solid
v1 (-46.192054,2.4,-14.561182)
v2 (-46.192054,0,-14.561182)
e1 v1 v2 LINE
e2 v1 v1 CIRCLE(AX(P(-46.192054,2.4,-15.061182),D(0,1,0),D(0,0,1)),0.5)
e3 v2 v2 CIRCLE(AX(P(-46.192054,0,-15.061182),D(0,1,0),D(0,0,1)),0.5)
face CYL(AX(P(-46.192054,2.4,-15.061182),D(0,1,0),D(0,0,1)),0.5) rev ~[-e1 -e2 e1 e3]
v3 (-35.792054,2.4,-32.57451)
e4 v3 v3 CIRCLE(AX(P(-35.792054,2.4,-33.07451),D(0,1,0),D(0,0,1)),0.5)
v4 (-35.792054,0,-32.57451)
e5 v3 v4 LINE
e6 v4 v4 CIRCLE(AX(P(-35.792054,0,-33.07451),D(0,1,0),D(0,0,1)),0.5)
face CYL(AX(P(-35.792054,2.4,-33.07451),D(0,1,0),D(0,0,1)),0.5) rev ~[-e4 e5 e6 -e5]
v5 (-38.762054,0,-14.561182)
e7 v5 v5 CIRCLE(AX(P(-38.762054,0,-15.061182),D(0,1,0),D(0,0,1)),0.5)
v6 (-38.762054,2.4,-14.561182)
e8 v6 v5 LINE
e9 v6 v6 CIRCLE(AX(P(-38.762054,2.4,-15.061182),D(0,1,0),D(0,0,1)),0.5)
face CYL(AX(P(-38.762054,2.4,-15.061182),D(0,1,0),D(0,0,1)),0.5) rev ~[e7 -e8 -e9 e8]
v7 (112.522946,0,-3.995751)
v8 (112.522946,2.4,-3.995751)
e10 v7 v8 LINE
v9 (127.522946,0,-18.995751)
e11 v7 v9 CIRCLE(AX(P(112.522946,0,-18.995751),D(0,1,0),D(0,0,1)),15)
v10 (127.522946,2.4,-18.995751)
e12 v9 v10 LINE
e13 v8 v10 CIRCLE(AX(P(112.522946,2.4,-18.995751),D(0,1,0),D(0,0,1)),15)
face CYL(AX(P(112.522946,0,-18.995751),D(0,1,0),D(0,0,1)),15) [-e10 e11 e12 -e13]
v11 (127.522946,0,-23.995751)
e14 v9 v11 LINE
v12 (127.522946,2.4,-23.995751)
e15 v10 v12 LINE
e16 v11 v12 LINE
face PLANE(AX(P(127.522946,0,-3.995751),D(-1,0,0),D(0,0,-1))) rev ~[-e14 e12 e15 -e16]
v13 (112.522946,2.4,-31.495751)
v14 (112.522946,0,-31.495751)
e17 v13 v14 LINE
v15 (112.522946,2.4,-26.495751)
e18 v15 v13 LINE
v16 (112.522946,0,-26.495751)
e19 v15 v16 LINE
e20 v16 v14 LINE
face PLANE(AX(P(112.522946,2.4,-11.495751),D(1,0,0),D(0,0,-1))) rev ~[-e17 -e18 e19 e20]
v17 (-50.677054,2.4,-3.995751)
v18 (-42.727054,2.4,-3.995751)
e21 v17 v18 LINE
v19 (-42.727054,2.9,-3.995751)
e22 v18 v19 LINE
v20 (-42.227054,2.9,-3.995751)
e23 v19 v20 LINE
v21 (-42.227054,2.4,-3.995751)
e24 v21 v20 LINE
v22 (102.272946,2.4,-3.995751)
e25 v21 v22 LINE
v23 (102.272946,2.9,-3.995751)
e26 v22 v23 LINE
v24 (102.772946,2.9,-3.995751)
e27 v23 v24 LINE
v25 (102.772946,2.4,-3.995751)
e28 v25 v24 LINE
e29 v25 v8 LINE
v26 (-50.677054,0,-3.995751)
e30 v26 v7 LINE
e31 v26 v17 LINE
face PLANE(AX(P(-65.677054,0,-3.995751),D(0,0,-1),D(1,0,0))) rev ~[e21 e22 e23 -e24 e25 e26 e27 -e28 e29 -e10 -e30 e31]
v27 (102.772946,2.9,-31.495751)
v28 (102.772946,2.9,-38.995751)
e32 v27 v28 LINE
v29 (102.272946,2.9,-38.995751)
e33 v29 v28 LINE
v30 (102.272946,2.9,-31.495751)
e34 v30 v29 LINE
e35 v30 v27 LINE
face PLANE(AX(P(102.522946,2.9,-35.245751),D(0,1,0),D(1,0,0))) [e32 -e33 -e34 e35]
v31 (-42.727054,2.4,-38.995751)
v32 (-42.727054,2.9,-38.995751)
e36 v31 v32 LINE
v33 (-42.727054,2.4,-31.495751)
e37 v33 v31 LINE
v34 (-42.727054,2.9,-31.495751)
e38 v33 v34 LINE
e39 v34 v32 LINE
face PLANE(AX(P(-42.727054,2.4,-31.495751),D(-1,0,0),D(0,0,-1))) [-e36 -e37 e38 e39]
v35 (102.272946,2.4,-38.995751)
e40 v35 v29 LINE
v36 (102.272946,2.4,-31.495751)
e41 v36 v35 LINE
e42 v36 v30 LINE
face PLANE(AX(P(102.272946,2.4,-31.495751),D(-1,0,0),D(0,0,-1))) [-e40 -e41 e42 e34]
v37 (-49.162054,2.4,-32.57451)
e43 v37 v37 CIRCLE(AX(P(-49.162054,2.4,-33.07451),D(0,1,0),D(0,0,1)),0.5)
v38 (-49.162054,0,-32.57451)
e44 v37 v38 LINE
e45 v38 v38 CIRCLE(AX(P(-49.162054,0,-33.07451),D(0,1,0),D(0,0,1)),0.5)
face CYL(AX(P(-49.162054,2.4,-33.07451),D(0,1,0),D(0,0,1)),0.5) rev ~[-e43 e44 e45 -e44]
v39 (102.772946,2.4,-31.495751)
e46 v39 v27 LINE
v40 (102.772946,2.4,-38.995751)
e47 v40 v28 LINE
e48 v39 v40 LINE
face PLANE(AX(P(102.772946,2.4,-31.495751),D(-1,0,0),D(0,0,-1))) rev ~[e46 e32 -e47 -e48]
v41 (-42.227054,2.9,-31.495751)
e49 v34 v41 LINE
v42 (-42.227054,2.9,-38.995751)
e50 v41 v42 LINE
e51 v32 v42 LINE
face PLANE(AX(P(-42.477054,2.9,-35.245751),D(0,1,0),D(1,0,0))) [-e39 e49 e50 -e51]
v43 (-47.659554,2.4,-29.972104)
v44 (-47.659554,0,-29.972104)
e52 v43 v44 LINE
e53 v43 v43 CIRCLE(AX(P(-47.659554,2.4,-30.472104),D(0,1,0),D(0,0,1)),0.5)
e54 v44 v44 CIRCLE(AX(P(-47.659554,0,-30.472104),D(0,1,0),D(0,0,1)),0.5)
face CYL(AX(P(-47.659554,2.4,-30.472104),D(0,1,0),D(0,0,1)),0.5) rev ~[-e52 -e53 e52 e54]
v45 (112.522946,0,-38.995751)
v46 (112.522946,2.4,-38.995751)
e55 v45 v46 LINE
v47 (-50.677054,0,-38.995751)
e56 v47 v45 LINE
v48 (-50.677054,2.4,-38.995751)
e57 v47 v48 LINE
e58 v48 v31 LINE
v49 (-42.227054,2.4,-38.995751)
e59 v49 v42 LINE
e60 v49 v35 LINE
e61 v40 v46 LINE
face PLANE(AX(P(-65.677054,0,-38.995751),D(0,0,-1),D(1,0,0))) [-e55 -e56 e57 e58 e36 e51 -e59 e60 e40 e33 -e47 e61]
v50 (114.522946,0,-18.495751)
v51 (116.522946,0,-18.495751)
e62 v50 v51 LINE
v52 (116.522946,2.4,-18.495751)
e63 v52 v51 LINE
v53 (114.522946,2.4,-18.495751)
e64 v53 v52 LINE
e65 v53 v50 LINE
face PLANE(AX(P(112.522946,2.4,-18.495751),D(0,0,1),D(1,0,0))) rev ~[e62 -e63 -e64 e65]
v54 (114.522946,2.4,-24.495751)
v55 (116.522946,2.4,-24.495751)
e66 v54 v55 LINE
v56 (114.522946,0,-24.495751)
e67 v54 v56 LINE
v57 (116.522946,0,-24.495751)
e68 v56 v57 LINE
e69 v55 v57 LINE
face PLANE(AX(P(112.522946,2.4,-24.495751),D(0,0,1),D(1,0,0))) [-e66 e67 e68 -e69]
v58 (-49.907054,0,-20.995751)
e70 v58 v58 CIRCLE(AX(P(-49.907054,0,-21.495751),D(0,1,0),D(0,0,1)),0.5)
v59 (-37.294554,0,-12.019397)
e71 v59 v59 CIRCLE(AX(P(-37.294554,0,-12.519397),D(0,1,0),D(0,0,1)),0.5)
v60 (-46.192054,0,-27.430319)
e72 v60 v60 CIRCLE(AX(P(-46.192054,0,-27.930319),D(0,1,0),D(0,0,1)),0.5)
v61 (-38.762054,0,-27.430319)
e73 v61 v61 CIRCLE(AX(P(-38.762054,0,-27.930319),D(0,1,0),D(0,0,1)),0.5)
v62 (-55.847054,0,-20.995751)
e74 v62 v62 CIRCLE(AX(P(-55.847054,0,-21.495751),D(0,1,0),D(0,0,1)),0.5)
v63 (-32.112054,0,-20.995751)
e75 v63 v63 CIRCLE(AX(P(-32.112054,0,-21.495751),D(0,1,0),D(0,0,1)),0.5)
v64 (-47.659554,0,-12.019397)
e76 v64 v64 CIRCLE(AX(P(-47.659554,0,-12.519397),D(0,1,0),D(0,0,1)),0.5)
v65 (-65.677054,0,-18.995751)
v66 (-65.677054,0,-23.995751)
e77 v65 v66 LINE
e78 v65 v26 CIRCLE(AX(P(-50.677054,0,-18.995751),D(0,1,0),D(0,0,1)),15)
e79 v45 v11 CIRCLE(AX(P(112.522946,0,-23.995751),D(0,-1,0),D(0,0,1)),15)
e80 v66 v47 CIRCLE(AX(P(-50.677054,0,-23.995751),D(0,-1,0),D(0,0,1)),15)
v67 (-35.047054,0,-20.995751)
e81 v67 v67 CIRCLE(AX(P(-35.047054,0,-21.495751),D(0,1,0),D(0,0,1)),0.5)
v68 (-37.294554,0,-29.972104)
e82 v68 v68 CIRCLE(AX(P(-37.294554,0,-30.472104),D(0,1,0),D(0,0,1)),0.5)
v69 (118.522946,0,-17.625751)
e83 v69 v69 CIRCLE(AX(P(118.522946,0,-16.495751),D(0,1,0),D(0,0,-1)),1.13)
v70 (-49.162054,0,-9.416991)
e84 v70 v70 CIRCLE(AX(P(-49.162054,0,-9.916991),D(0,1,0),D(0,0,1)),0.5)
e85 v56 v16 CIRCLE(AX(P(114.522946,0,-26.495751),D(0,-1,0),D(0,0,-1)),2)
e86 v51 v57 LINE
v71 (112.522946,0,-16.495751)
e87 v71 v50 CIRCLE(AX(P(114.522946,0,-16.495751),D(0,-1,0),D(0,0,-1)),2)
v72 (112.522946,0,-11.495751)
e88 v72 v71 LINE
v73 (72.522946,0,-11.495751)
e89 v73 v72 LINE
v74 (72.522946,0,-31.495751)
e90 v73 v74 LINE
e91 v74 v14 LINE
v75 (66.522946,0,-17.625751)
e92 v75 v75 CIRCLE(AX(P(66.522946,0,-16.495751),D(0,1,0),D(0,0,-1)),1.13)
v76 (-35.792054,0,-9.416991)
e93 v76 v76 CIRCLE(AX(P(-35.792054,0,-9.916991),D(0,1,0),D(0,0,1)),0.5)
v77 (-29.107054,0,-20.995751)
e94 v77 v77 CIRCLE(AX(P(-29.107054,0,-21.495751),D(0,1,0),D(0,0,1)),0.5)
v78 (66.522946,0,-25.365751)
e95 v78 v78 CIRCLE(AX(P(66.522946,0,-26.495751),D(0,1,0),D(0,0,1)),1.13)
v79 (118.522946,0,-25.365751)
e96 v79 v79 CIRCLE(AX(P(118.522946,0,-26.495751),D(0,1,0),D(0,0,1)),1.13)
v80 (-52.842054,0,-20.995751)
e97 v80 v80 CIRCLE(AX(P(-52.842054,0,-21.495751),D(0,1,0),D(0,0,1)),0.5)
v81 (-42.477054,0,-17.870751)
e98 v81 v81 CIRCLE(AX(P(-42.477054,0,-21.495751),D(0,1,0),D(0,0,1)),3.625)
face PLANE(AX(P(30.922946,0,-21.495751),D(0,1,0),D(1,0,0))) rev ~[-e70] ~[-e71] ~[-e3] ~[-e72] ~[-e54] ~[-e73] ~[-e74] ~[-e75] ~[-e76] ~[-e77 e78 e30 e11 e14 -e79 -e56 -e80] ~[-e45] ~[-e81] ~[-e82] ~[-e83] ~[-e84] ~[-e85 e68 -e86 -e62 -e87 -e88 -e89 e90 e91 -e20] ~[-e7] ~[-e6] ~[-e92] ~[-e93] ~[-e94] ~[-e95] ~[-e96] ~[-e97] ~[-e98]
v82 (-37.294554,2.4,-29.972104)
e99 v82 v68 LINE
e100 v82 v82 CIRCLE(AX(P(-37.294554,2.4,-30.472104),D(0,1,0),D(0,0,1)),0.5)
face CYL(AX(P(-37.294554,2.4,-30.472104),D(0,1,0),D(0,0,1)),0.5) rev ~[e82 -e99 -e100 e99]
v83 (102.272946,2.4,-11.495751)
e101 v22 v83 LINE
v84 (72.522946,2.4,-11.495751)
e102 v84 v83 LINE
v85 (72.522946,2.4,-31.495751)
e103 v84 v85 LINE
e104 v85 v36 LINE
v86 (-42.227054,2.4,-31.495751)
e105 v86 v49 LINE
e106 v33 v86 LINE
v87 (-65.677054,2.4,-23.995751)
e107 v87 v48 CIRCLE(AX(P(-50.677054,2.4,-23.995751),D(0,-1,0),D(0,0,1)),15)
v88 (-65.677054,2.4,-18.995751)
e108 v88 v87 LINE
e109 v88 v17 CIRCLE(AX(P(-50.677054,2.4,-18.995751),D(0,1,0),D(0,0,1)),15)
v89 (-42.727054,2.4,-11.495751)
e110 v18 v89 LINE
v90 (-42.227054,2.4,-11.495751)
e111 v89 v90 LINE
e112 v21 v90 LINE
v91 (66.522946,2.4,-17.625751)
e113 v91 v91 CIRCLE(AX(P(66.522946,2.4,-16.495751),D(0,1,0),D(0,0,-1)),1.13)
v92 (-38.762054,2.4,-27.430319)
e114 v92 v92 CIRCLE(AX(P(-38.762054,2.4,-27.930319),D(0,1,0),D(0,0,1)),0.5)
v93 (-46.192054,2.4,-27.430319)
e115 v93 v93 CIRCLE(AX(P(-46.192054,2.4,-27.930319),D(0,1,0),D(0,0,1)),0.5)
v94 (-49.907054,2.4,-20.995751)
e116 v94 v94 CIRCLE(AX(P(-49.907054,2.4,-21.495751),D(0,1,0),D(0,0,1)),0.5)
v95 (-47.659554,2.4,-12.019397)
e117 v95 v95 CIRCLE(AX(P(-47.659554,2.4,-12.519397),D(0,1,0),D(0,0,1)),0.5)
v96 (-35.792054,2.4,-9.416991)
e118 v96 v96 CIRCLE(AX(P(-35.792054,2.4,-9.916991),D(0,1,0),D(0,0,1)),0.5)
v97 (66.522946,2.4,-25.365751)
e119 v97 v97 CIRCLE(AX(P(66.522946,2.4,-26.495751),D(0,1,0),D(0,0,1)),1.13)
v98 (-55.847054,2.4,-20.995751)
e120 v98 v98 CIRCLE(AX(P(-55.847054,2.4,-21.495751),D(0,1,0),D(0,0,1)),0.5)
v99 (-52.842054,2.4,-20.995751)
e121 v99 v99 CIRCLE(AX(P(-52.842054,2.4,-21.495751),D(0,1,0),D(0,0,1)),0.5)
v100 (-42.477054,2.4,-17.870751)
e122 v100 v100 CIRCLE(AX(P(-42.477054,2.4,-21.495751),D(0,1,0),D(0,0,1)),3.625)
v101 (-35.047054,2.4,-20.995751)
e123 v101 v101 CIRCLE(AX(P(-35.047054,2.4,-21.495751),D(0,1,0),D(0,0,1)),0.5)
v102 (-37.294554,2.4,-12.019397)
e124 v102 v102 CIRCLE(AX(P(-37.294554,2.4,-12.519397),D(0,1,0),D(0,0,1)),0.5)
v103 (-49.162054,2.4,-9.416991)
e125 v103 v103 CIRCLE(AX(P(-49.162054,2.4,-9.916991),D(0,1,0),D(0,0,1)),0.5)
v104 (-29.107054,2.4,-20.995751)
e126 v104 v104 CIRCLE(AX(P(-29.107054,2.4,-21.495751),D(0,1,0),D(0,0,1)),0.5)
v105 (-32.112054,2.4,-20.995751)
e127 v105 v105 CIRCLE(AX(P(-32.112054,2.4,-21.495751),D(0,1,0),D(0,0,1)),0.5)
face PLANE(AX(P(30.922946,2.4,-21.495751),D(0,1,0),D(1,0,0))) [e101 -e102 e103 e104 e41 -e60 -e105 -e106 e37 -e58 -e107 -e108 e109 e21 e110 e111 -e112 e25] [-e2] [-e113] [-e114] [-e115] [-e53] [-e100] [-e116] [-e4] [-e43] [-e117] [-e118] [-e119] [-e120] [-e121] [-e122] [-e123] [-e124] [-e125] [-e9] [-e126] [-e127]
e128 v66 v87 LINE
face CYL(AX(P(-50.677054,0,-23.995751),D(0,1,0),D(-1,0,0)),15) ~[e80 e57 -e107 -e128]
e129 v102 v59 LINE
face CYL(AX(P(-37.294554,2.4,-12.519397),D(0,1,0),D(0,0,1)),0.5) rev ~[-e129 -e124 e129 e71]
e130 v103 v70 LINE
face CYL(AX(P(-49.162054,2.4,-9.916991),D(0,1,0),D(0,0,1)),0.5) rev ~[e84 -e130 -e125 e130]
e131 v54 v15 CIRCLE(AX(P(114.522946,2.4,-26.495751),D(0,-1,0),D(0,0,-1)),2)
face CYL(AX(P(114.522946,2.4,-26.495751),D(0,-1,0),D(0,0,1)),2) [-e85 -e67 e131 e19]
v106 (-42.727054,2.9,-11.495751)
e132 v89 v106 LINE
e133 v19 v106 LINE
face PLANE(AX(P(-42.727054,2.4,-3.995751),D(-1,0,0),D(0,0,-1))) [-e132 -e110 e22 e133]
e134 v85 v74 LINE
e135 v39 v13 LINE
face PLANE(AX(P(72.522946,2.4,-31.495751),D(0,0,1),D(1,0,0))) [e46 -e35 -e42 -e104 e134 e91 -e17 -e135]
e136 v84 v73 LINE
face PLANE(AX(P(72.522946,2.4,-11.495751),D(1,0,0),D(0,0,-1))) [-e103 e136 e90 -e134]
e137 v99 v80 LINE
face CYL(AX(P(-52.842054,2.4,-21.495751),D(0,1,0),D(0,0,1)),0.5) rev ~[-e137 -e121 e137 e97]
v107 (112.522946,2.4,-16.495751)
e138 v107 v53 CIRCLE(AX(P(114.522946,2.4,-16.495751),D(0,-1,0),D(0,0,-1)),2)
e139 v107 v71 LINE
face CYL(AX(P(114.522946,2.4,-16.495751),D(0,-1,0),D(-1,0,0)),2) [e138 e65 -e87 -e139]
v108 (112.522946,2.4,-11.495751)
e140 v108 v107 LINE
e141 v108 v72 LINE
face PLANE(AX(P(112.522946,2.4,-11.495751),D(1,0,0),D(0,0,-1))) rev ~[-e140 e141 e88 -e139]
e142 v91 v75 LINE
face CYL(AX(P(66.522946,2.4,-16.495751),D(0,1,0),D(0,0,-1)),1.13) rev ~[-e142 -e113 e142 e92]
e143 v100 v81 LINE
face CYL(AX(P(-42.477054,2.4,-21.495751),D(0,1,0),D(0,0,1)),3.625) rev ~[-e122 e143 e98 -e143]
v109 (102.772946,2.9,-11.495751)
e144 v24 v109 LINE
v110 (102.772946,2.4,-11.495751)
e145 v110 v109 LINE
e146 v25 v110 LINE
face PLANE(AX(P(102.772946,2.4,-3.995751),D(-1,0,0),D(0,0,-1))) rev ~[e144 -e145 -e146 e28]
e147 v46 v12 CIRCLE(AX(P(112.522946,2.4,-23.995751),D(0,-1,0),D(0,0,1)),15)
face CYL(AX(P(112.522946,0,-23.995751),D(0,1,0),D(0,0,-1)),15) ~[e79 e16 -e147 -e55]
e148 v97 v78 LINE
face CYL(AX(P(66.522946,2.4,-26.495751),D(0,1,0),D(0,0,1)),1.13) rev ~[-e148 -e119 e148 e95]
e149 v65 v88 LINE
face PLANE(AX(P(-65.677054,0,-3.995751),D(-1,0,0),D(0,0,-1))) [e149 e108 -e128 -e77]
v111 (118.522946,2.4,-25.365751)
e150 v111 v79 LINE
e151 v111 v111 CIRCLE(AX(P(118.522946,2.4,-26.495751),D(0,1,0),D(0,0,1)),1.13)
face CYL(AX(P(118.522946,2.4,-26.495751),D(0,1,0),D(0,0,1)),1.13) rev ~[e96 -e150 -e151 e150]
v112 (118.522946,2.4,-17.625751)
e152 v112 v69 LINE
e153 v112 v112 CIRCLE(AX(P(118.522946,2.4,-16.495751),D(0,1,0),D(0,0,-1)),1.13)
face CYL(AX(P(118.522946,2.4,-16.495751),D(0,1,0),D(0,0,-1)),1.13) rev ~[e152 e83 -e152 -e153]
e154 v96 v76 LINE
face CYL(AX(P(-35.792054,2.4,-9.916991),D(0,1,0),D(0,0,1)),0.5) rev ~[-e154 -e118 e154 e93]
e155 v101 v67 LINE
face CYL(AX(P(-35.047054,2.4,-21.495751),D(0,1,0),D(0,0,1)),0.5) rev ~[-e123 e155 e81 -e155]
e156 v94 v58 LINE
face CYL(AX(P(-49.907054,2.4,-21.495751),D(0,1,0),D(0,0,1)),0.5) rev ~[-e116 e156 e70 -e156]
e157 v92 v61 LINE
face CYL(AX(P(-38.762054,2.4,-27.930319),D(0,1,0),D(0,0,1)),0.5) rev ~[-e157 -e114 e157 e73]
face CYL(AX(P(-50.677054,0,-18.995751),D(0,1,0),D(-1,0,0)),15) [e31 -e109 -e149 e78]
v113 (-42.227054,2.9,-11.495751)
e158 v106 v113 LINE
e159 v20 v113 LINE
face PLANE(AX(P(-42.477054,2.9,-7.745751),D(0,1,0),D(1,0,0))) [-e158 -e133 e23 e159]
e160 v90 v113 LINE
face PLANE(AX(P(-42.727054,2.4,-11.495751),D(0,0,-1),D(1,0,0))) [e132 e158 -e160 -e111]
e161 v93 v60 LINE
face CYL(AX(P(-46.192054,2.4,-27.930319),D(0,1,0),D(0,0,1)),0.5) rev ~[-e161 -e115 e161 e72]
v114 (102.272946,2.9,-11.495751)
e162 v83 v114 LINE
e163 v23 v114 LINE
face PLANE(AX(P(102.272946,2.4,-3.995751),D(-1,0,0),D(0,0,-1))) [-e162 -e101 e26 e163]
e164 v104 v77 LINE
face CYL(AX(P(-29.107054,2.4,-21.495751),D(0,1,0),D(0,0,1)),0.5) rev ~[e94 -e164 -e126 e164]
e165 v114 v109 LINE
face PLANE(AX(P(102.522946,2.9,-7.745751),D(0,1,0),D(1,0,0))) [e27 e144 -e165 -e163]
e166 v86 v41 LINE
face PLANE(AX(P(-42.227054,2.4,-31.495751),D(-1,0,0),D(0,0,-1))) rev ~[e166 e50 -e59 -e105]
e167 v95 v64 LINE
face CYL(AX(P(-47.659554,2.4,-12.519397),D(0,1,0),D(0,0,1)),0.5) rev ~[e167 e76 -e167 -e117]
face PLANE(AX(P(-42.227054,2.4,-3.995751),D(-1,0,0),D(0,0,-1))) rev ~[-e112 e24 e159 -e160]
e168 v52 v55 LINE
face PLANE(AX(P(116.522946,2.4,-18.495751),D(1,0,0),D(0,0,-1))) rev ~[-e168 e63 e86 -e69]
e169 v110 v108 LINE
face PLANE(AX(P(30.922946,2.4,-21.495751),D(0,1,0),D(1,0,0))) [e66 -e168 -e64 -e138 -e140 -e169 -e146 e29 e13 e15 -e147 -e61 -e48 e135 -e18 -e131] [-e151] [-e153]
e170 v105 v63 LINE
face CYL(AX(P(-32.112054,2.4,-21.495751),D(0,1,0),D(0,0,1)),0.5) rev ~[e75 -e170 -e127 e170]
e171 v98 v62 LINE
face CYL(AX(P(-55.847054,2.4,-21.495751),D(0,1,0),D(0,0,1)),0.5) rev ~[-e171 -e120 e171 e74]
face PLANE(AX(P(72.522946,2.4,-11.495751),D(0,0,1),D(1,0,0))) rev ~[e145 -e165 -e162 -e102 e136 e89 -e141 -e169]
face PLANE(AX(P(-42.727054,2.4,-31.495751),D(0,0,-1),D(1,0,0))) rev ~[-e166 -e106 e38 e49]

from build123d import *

# Parameters (mm, degrees)
SKETCH1_W           = 193.2
SKETCH1_H           = 35
BOSS_EXTRUDE1_DEPTH = 2.4
SKETCH2_R           = 1.13
SKETCH2_R_2         = 3.625
SKETCH2_R_3         = 0.5
SKETCH2_W           = 40
SKETCH2_H           = 20
CUT_EXTRUDE1_DEPTH  = 2.4
SKETCH4_W           = 4
SKETCH4_H           = 6
CUT_EXTRUDE2_DEPTH  = 2.4
FILLET1_R           = 15
FILLET2_R           = 2
SKETCH5_W           = 0.5
SKETCH5_H           = 7.5
BOSS_EXTRUDE2_DEPTH = 0.5


with BuildPart() as part:
    # Sketch1 → Boss-Extrude1 (new body)
    with BuildSketch(Plane(origin=(0, 0, 0), x_dir=(1, 0, 0), z_dir=(0, 1, 0))):
        with Locations((30.922946176, 21.495750708)):
            Rectangle(SKETCH1_W, SKETCH1_H)
    extrude(amount=BOSS_EXTRUDE1_DEPTH)

    # Sketch2 → Cut-Extrude1 (cut)
    with BuildSketch(Plane(origin=(0, 2.4, 0), x_dir=(1, 0, 0), z_dir=(0, 1, 0))):
        with Locations(Location((66.522946176, 26.495750708, 0), (0, 0, 270))):
            Circle(SKETCH2_R)
        with Locations(Location((118.522946176, 26.495750708, 0), (0, 0, 270))):
            Circle(SKETCH2_R)
        with Locations(Location((118.522946176, 16.495750708, 0), (0, 0, 90))):
            Circle(SKETCH2_R)
        with Locations(Location((66.522946176, 16.495750708, 0), (0, 0, 90))):
            Circle(SKETCH2_R)
        with Locations(Location((-42.477053824, 21.495750708, 0), (0, 0, 270))):
            Circle(SKETCH2_R_2)
        with Locations(Location((-49.907053824, 21.495750708, 0), (0, 0, 270))):
            Circle(SKETCH2_R_3)
        with Locations(Location((-52.842053824, 21.495750708, 0), (0, 0, 270))):
            Circle(SKETCH2_R_3)
        with Locations(Location((-55.847053824, 21.495750708, 0), (0, 0, 270))):
            Circle(SKETCH2_R_3)
        with Locations(Location((-49.162053824, 33.074510357, 0), (0, 0, 270))):
            Circle(SKETCH2_R_3)
        with Locations(Location((-47.659553824, 30.472104018, 0), (0, 0, 270))):
            Circle(SKETCH2_R_3)
        with Locations(Location((-46.192053824, 27.930319458, 0), (0, 0, 270))):
            Circle(SKETCH2_R_3)
        with Locations(Location((-35.792053824, 33.074510357, 0), (0, 0, 270))):
            Circle(SKETCH2_R_3)
        with Locations(Location((-37.294553824, 30.472104018, 0), (0, 0, 270))):
            Circle(SKETCH2_R_3)
        with Locations(Location((-38.762053824, 27.930319458, 0), (0, 0, 270))):
            Circle(SKETCH2_R_3)
        with Locations(Location((-29.107053824, 21.495750708, 0), (0, 0, 270))):
            Circle(SKETCH2_R_3)
        with Locations(Location((-32.112053824, 21.495750708, 0), (0, 0, 270))):
            Circle(SKETCH2_R_3)
        with Locations(Location((-35.047053824, 21.495750708, 0), (0, 0, 270))):
            Circle(SKETCH2_R_3)
        with Locations(Location((-35.792053824, 9.91699106, 0), (0, 0, 270))):
            Circle(SKETCH2_R_3)
        with Locations(Location((-37.294553824, 12.519397398, 0), (0, 0, 270))):
            Circle(SKETCH2_R_3)
        with Locations(Location((-38.762053824, 15.061181958, 0), (0, 0, 270))):
            Circle(SKETCH2_R_3)
        with Locations(Location((-49.162053824, 9.91699106, 0), (0, 0, 270))):
            Circle(SKETCH2_R_3)
        with Locations(Location((-47.659553824, 12.519397398, 0), (0, 0, 270))):
            Circle(SKETCH2_R_3)
        with Locations(Location((-46.192053824, 15.061181958, 0), (0, 0, 270))):
            Circle(SKETCH2_R_3)
        with Locations((92.522946176, 21.495750708)):
            Rectangle(SKETCH2_W, SKETCH2_H)
    extrude(amount=-CUT_EXTRUDE1_DEPTH, mode=Mode.SUBTRACT)

    # Sketch4 → Cut-Extrude2 (cut)
    with BuildSketch(Plane(origin=(0, 2.4, 0), x_dir=(1, 0, 0), z_dir=(0, 1, 0))):
        with Locations((114.522946176, 21.495750708)):
            Rectangle(SKETCH4_W, SKETCH4_H)
    extrude(amount=-CUT_EXTRUDE2_DEPTH, mode=Mode.SUBTRACT)

    # Fillet1
    fillet1_edges = [part.edges().sort_by_distance(p)[0] for p in [
        (-65.677053824, 1.2, -38.995750708),
        (127.522946176, 1.2, -38.995750708),
        (127.522946176, 1.2, -3.995750708),
        (-65.677053824, 1.2, -3.995750708),
    ]]
    fillet(fillet1_edges, radius=FILLET1_R)

    # Fillet2
    fillet2_edges = [part.edges().sort_by_distance(p)[0] for p in [
        (112.522946176, 1.2, -18.495750708),
        (112.522946176, 1.2, -24.495750708),
    ]]
    fillet(fillet2_edges, radius=FILLET2_R)

    # Sketch5 → Boss-Extrude2 (add)
    with BuildSketch(Plane(origin=(0, 2.4, 0), x_dir=(1, 0, 0), z_dir=(0, 1, 0))):
        with Locations((102.522946176, 35.245750708)):
            Rectangle(SKETCH5_W, SKETCH5_H)
        with Locations((102.522946176, 7.745750708)):
            Rectangle(SKETCH5_W, SKETCH5_H)
        with Locations((-42.477053824, 7.745750708)):
            Rectangle(SKETCH5_W, SKETCH5_H)
        with Locations((-42.477053824, 35.245750708)):
            Rectangle(SKETCH5_W, SKETCH5_H)
    extrude(amount=BOSS_EXTRUDE2_DEPTH)


solid = part.part
